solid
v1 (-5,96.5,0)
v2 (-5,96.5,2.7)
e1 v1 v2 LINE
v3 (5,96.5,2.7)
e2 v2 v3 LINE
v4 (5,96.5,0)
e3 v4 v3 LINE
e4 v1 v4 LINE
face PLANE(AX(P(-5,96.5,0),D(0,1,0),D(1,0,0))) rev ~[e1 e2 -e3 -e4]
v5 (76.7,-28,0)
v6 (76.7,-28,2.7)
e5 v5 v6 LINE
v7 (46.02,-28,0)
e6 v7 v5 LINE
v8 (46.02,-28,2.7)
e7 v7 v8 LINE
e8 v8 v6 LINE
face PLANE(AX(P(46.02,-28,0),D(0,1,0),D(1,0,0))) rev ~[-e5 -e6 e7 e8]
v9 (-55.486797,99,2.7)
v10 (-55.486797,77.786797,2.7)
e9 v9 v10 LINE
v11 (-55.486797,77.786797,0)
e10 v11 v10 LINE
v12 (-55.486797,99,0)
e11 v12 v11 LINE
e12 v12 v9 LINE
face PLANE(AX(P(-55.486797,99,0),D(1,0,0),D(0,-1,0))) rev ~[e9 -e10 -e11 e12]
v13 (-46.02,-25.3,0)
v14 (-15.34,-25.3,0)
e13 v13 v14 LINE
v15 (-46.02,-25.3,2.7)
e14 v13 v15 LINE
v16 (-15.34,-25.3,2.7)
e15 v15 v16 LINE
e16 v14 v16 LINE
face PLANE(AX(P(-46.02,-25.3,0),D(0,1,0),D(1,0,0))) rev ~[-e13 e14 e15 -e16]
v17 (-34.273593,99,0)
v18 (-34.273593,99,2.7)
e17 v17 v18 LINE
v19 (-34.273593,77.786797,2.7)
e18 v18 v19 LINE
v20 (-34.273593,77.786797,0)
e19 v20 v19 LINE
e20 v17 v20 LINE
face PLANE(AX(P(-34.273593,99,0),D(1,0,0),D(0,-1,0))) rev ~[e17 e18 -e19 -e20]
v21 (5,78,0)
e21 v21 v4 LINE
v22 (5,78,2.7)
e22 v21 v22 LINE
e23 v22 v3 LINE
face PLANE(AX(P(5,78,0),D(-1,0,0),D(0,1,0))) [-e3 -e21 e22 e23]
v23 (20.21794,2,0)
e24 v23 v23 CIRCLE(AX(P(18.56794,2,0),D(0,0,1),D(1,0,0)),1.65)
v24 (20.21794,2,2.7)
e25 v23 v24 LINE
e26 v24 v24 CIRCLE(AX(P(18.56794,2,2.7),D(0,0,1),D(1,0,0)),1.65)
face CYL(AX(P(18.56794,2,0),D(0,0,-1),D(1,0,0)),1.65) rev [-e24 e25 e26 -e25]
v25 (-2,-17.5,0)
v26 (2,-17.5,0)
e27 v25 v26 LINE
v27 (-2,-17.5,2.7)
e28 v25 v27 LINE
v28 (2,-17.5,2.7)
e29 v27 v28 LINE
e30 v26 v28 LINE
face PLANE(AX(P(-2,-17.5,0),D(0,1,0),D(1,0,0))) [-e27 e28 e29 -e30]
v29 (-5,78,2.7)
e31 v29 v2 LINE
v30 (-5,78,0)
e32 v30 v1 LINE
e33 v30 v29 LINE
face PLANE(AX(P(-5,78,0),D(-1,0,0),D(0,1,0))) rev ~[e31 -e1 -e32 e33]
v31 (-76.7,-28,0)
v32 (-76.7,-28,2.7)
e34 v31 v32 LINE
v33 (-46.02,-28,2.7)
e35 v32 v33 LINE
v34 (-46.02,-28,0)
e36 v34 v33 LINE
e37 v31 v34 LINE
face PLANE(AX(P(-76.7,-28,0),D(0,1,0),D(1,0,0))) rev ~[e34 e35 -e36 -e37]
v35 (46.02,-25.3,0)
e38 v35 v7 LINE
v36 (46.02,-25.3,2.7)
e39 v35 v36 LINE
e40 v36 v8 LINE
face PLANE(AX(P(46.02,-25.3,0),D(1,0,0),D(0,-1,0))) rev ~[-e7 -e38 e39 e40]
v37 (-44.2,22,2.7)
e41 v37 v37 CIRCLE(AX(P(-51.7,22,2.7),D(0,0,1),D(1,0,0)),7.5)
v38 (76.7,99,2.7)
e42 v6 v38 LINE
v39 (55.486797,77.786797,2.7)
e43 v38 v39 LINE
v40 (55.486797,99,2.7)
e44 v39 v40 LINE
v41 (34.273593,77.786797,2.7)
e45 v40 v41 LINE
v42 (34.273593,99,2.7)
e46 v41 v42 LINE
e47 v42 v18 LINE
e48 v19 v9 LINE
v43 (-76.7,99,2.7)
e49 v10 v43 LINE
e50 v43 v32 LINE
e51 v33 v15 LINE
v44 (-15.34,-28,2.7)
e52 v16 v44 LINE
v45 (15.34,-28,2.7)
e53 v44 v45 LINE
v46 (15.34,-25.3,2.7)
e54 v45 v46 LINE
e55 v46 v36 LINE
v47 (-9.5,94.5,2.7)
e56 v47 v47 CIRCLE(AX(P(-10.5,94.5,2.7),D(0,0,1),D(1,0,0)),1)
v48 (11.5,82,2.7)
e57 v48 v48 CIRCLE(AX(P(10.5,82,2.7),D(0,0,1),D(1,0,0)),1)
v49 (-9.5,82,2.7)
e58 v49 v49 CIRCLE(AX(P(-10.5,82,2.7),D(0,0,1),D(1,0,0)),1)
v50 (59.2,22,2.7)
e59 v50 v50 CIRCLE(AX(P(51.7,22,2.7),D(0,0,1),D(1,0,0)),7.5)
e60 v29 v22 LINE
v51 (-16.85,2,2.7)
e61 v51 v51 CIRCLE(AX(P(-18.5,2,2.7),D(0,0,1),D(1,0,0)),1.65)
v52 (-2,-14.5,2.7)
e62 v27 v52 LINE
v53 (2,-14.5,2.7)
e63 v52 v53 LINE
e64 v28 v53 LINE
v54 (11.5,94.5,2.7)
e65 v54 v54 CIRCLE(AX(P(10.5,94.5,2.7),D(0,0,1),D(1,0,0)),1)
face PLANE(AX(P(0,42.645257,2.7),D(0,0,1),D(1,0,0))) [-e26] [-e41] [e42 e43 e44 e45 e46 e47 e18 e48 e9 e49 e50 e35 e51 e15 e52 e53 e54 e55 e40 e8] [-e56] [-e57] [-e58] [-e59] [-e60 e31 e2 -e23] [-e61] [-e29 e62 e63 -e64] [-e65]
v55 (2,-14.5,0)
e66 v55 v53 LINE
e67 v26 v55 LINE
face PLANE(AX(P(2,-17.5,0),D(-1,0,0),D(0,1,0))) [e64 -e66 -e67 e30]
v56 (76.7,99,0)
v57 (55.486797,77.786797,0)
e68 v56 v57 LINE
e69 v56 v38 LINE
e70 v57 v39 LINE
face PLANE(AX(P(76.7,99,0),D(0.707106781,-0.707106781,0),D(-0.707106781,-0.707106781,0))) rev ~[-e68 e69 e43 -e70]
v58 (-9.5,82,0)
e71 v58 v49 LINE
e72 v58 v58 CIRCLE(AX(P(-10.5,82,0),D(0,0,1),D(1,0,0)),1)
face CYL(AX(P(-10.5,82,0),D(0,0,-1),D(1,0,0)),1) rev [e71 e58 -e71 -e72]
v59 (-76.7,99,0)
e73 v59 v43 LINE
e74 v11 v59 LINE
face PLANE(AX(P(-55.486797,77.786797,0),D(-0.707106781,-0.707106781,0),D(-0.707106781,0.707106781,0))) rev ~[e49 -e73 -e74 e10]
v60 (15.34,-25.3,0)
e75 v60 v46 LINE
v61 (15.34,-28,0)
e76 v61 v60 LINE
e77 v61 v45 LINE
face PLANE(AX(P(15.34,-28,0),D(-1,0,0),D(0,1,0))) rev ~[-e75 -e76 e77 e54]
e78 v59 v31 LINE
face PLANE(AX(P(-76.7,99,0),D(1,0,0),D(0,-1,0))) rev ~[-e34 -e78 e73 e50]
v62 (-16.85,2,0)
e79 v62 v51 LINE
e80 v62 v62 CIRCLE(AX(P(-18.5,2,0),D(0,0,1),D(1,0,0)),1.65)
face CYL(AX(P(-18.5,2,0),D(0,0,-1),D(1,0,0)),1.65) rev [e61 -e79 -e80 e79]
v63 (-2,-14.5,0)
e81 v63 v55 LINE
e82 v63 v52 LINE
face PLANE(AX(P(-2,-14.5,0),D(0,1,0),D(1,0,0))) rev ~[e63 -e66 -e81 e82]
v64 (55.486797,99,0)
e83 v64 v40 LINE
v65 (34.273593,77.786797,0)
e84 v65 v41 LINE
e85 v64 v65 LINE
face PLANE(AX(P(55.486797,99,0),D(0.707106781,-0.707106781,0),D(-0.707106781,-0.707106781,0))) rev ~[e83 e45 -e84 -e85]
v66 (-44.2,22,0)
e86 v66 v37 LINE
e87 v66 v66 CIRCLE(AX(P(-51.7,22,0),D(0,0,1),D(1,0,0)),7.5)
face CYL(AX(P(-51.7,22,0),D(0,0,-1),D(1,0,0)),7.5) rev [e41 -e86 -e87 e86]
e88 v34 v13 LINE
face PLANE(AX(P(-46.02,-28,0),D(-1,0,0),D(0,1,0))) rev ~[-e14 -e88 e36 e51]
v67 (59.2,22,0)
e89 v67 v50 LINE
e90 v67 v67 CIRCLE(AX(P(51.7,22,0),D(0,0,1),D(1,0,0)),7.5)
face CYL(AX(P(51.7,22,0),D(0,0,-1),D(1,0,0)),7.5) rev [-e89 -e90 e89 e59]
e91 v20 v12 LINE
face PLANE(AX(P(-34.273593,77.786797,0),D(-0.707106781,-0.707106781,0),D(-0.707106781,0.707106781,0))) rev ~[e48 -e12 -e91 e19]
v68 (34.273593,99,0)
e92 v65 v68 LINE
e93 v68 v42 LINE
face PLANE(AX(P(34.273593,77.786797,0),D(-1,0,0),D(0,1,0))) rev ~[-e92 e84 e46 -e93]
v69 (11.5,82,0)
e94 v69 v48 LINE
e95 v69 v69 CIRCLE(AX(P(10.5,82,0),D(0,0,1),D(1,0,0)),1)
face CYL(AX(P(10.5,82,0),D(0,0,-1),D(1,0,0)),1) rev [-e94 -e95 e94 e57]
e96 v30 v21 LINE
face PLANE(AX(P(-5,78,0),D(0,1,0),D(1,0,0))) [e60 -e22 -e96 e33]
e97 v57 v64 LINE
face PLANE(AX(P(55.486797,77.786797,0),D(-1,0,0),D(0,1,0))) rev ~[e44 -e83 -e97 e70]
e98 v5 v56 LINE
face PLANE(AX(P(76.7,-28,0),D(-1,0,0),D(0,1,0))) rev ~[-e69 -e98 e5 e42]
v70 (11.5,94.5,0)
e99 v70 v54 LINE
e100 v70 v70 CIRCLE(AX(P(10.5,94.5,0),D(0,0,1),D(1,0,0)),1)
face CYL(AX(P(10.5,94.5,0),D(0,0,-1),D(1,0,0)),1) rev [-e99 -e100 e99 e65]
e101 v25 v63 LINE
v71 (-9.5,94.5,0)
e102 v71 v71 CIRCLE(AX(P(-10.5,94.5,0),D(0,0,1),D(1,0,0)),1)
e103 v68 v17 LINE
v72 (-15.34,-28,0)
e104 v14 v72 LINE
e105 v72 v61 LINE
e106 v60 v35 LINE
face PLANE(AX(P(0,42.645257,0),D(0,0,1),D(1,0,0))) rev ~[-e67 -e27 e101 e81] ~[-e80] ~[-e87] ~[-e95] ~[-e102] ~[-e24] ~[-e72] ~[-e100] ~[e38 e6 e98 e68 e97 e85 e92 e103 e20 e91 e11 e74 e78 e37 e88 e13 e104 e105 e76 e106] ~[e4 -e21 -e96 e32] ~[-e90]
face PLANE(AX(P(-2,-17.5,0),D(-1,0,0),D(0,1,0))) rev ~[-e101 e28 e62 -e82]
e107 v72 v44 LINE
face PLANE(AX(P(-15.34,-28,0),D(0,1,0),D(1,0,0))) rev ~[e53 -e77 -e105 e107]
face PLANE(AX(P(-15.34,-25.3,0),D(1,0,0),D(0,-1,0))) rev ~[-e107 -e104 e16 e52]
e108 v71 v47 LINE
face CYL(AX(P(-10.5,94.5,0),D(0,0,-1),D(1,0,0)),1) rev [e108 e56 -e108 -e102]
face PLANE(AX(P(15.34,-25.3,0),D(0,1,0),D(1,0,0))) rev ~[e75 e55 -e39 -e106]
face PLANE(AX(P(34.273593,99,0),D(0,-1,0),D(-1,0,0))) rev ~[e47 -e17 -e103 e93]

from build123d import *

# Parameters (mm, degrees)
SKETCH1_R           = 1.65
SKETCH1_R_2         = 7.5
SKETCH1_R_3         = 1
SKETCH1_W           = 4
SKETCH1_H           = 3
SKETCH1_W_2         = 10
SKETCH1_H_2         = 18.5
BOSS_EXTRUDE3_DEPTH = 2.7


with BuildPart() as part:
    # Sketch1 → Boss-Extrude3 (new body)
    with BuildSketch(Plane.XY):
        Polygon((-46.02, -28), (-46.02, -25.3), (-15.34, -25.3), (-15.34, -28), (15.34, -28), (15.34, -25.3), (46.02, -25.3), (46.02, -28), (76.7, -28), (76.7, 99), (55.486796564, 77.786796564), (55.486796564, 99), (34.273593129, 77.786796564), (34.273593129, 99), (-34.273593129, 99), (-34.273593129, 77.786796564), (-55.486796564, 99), (-55.486796564, 77.786796564), (-76.7, 99), (-76.7, -28), align=None)
        with Locations((-18.5, 2)):
            Circle(SKETCH1_R, mode=Mode.SUBTRACT)
        with Locations((18.567940233, 2)):
            Circle(SKETCH1_R, mode=Mode.SUBTRACT)
        with Locations((-51.7, 22)):
            Circle(SKETCH1_R_2, mode=Mode.SUBTRACT)
        with Locations((51.7, 22)):
            Circle(SKETCH1_R_2, mode=Mode.SUBTRACT)
        with Locations((10.5, 94.5)):
            Circle(SKETCH1_R_3, mode=Mode.SUBTRACT)
        with Locations((-10.5, 82)):
            Circle(SKETCH1_R_3, mode=Mode.SUBTRACT)
        with Locations((-10.5, 94.5)):
            Circle(SKETCH1_R_3, mode=Mode.SUBTRACT)
        with Locations((10.5, 82)):
            Circle(SKETCH1_R_3, mode=Mode.SUBTRACT)
        with Locations((0, -16)):
            Rectangle(SKETCH1_W, SKETCH1_H, mode=Mode.SUBTRACT)
        with Locations((0, 87.25)):
            Rectangle(SKETCH1_W_2, SKETCH1_H_2, mode=Mode.SUBTRACT)
    extrude(amount=BOSS_EXTRUDE3_DEPTH)


solid = part.part
